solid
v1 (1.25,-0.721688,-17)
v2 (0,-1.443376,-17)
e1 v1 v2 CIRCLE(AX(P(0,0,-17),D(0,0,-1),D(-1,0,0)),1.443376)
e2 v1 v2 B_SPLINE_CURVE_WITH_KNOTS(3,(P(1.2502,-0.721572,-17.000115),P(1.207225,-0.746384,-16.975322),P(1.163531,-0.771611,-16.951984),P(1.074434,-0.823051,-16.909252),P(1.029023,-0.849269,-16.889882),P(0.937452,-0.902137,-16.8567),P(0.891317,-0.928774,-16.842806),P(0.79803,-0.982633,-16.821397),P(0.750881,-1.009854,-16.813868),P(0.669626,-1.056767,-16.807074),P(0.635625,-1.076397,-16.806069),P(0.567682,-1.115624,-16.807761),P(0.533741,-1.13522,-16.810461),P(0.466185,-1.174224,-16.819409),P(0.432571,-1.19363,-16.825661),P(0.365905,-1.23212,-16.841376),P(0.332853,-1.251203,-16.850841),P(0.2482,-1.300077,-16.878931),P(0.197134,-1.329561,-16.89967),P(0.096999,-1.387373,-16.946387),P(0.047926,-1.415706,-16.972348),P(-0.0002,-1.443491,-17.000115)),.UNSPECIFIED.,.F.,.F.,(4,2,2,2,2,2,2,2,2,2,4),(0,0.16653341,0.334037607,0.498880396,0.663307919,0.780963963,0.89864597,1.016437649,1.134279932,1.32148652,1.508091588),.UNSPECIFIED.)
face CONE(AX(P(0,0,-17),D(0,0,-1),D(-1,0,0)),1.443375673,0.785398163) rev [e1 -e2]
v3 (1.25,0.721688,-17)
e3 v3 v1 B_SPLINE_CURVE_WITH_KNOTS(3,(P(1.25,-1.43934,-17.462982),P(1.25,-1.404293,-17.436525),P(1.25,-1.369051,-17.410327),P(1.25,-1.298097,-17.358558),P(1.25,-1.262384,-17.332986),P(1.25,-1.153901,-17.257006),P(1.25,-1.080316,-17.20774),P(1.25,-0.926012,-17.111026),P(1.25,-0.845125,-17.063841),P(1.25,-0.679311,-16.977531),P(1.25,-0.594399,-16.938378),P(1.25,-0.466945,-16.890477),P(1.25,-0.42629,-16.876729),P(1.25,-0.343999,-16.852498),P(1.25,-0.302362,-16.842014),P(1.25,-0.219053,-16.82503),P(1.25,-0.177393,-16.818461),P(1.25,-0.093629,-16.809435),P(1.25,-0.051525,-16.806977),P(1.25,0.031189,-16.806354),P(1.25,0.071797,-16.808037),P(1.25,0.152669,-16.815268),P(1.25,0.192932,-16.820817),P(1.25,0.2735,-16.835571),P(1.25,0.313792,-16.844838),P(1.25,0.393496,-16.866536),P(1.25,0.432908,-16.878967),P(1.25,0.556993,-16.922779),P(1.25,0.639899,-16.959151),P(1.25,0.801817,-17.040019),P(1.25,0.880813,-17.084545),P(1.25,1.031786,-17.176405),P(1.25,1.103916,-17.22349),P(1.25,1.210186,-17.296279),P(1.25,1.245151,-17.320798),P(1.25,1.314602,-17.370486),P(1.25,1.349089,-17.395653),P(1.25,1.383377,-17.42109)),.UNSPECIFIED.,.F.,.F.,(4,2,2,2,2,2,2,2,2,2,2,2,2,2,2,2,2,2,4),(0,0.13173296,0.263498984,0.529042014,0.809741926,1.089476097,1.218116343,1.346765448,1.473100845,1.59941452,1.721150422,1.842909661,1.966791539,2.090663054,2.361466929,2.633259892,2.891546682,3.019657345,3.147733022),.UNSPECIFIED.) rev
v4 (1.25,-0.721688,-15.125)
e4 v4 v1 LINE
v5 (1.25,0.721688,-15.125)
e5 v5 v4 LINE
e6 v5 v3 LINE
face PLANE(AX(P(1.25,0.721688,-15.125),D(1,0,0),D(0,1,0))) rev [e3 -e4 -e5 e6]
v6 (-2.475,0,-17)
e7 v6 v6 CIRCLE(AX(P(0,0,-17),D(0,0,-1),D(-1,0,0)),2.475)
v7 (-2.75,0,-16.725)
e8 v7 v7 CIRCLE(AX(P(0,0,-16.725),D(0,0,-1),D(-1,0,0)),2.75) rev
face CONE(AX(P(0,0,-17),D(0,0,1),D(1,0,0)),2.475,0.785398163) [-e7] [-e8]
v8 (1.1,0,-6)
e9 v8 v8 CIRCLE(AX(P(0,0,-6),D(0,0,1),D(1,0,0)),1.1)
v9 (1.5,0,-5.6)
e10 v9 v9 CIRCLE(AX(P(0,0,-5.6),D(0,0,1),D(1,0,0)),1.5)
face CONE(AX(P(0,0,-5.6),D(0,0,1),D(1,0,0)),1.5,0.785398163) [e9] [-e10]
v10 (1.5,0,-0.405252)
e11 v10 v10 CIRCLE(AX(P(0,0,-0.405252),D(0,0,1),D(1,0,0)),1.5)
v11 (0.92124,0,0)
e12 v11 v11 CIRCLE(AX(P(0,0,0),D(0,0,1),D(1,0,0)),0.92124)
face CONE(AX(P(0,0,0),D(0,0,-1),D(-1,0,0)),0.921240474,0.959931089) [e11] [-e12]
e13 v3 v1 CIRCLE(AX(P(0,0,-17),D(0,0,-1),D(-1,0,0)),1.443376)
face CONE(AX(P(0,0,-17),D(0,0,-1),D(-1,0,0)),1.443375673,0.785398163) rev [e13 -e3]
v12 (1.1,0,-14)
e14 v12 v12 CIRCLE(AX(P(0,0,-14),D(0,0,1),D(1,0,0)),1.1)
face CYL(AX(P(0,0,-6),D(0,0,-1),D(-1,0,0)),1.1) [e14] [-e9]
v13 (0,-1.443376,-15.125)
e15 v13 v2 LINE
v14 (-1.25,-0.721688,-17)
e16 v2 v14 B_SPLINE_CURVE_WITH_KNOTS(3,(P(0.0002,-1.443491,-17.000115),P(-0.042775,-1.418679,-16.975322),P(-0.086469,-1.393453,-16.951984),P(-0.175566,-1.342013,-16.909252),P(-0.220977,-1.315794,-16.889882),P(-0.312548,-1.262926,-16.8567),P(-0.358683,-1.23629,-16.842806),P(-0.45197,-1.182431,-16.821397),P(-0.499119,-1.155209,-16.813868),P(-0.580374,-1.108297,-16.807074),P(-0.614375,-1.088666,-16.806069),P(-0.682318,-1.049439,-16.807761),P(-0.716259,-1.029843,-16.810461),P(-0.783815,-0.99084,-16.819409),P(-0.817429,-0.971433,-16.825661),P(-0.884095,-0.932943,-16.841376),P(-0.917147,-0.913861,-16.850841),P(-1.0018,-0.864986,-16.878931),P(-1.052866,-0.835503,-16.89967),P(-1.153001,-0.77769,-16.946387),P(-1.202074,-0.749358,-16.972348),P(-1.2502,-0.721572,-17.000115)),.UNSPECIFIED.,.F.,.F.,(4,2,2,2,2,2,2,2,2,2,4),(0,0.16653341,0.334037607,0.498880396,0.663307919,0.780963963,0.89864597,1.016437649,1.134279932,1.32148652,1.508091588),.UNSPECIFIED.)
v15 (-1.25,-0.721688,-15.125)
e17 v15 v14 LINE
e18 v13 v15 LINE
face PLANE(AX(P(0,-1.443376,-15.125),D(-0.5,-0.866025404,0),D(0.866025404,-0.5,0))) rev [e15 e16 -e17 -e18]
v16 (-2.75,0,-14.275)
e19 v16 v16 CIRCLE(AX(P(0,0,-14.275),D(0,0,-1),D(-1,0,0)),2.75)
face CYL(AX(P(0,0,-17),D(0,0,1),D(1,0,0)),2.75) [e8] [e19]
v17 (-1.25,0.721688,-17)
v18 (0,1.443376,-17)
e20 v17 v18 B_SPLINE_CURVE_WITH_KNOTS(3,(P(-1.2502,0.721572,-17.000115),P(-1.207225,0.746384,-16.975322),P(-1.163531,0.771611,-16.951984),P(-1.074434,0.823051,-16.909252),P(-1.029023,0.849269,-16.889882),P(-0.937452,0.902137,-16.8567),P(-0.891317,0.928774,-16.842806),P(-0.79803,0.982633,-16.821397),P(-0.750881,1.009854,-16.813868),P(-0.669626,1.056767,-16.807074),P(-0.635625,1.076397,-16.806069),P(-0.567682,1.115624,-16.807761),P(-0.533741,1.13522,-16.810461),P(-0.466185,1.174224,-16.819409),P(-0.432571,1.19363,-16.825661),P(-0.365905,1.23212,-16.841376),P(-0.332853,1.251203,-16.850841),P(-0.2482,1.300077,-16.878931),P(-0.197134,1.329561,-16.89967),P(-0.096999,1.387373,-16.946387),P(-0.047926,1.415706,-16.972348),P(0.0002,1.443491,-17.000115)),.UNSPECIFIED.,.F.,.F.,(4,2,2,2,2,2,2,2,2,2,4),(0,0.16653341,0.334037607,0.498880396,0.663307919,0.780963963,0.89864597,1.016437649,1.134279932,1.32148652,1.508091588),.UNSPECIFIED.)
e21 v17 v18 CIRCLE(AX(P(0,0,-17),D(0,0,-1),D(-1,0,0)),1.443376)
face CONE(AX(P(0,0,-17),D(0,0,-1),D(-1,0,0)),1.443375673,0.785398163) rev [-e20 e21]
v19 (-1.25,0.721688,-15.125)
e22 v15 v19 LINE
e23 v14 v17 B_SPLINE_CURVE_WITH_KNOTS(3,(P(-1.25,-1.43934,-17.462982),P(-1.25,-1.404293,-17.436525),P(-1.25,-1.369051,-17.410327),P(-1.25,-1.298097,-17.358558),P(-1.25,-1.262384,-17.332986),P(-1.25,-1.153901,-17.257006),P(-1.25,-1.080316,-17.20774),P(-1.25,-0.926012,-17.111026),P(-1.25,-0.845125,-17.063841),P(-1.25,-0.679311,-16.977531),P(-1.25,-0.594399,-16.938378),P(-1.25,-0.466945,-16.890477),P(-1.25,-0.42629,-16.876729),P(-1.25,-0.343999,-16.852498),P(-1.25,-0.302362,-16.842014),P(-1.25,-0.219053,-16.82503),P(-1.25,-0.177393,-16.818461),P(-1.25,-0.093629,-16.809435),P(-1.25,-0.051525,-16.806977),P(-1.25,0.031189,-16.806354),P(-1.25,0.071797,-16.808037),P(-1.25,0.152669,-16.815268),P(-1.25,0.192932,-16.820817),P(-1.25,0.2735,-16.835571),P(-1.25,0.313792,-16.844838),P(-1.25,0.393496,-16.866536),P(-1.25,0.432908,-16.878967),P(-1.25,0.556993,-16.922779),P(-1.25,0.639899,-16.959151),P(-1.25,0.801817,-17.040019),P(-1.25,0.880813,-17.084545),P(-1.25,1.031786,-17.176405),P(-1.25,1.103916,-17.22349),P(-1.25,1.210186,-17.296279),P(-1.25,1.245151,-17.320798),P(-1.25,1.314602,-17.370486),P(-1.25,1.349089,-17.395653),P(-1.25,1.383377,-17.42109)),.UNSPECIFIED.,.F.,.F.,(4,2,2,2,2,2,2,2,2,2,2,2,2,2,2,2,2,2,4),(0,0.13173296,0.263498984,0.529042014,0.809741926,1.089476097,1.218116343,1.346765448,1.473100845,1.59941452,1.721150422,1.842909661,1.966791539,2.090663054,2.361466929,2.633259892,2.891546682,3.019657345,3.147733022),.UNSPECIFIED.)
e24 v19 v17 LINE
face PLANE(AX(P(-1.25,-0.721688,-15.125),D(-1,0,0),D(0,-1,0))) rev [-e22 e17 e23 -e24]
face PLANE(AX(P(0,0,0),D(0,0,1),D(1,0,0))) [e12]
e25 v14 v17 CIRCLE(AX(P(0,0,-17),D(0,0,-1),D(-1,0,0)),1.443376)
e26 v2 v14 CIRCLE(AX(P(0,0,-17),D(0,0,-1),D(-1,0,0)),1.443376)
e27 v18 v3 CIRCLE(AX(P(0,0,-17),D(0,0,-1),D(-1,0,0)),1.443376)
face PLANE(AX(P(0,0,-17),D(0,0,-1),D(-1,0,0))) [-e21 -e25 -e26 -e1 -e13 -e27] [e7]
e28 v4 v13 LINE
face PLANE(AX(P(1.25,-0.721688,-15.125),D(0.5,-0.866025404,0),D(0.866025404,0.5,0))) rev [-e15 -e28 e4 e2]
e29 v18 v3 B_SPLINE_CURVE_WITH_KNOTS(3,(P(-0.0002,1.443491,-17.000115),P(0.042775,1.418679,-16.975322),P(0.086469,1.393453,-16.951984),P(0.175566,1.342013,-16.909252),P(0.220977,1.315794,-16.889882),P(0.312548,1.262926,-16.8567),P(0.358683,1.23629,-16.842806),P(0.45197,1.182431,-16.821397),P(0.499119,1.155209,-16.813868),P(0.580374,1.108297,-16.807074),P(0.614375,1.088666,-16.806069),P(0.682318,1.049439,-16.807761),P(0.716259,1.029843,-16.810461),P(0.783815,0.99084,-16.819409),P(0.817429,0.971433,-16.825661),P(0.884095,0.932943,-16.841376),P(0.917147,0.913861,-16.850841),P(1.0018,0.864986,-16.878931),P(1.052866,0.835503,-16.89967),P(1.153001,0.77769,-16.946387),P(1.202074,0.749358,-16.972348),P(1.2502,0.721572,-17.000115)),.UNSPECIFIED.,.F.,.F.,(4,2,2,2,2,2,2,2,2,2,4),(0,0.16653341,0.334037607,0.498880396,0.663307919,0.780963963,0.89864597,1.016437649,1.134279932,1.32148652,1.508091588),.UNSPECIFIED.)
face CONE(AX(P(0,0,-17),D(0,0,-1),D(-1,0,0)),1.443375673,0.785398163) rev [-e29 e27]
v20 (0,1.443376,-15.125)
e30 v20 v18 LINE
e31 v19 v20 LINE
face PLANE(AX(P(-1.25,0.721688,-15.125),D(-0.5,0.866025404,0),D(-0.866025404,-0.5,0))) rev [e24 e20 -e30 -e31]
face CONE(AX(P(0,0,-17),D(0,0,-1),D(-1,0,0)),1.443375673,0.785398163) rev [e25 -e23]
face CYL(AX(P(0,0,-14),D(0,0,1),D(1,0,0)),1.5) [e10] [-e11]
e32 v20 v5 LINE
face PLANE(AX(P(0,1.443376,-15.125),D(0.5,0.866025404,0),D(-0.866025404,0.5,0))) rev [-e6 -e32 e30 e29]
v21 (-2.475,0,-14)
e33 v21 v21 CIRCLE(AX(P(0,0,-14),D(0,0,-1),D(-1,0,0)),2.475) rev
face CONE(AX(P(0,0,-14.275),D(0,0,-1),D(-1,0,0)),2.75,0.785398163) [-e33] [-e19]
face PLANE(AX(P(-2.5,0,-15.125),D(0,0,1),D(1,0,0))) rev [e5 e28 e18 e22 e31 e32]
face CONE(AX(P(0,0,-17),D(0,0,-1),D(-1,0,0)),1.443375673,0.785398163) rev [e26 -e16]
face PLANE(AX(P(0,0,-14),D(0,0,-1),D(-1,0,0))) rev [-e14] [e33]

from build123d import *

# Parameters (mm, degrees)
SKETCH1_R          = 1.5
EXTRUDE1_DEPTH     = 14
SKETCH6_R          = 2.75
EXTRUDE2_DEPTH     = 3
CUT_EXTRUDE1_DEPTH = 1.875
CHAMFER1_SIZE      = 0.275
SKETCH11_OUTSIDE_W = 11.238
SKETCH11_OUTSIDE_H = 11.238
SKETCH11_OUTSIDE_R = 1.1
CUT_EXTRUDE3_DEPTH = 8


with BuildPart() as part:
    # Sketch1 → Extrude1 (new body)
    with BuildSketch(Plane.XY):
        Circle(SKETCH1_R)
    extrude(amount=-EXTRUDE1_DEPTH)

    # Sketch6 → Extrude2 (add)
    with BuildSketch(Plane(origin=(0, 0, -14), x_dir=(-1, 0, 0), z_dir=(0, 0, -1))):
        Circle(SKETCH6_R)
    extrude(amount=EXTRUDE2_DEPTH)

    # Sketch7 → Cut-Extrude1 (cut)
    with BuildSketch(Plane(origin=(0, 0, -17), x_dir=(-1, 0, 0), z_dir=(0, 0, -1))):
        Polygon((0, 1.443375673), (-1.25, 0.721687836), (-1.25, -0.721687836), (0, -1.443375673), (1.25, -0.721687836), (1.25, 0.721687836), align=None)
    extrude(amount=-CUT_EXTRUDE1_DEPTH, mode=Mode.SUBTRACT)

    # Cut-Extrude2 cone 1 section (through the dimple's axis) → Cut-Extrude2 (revolve, cut)
    with BuildSketch(Plane(origin=(0, 0, -17), x_dir=(0, 1, 0), z_dir=(1, 0, 0))):
        Polygon((0, 0), (1.443375673, 0), (0, 1.443375673), align=None)
    revolve(axis=Axis((0, 0, -17), (0, 0, 1)), mode=Mode.SUBTRACT)

    # Chamfer1
    chamfer1_edges = [part.edges().sort_by_distance(p)[0] for p in [
        (2.75, 0, -17),
        (2.75, 0, -14),
    ]]
    chamfer(chamfer1_edges, length=CHAMFER1_SIZE)

    # Sketch11 outside → Cut-Extrude3 (cut)
    with BuildSketch(Plane.XY.offset(-14)):
        Rectangle(SKETCH11_OUTSIDE_W, SKETCH11_OUTSIDE_H)
        Circle(SKETCH11_OUTSIDE_R, mode=Mode.SUBTRACT)
    extrude(amount=CUT_EXTRUDE3_DEPTH, mode=Mode.SUBTRACT)

    # Sketch4 → Cut-Revolve1 (revolve, cut)
    with BuildSketch(Plane(origin=(0, 0, 0), x_dir=(0, 0, -1), z_dir=(1, 0, 0))):
        Polygon((0.405251783, 1.5), (0, 0.921240474), (0, 1.5), align=None)
        Polygon((5.6, 1.5), (6, 1.5), (6, 1.1), align=None)
    revolve(axis=Axis((0, 0, 0), (0, 0, -1)), mode=Mode.SUBTRACT)


solid = part.part
